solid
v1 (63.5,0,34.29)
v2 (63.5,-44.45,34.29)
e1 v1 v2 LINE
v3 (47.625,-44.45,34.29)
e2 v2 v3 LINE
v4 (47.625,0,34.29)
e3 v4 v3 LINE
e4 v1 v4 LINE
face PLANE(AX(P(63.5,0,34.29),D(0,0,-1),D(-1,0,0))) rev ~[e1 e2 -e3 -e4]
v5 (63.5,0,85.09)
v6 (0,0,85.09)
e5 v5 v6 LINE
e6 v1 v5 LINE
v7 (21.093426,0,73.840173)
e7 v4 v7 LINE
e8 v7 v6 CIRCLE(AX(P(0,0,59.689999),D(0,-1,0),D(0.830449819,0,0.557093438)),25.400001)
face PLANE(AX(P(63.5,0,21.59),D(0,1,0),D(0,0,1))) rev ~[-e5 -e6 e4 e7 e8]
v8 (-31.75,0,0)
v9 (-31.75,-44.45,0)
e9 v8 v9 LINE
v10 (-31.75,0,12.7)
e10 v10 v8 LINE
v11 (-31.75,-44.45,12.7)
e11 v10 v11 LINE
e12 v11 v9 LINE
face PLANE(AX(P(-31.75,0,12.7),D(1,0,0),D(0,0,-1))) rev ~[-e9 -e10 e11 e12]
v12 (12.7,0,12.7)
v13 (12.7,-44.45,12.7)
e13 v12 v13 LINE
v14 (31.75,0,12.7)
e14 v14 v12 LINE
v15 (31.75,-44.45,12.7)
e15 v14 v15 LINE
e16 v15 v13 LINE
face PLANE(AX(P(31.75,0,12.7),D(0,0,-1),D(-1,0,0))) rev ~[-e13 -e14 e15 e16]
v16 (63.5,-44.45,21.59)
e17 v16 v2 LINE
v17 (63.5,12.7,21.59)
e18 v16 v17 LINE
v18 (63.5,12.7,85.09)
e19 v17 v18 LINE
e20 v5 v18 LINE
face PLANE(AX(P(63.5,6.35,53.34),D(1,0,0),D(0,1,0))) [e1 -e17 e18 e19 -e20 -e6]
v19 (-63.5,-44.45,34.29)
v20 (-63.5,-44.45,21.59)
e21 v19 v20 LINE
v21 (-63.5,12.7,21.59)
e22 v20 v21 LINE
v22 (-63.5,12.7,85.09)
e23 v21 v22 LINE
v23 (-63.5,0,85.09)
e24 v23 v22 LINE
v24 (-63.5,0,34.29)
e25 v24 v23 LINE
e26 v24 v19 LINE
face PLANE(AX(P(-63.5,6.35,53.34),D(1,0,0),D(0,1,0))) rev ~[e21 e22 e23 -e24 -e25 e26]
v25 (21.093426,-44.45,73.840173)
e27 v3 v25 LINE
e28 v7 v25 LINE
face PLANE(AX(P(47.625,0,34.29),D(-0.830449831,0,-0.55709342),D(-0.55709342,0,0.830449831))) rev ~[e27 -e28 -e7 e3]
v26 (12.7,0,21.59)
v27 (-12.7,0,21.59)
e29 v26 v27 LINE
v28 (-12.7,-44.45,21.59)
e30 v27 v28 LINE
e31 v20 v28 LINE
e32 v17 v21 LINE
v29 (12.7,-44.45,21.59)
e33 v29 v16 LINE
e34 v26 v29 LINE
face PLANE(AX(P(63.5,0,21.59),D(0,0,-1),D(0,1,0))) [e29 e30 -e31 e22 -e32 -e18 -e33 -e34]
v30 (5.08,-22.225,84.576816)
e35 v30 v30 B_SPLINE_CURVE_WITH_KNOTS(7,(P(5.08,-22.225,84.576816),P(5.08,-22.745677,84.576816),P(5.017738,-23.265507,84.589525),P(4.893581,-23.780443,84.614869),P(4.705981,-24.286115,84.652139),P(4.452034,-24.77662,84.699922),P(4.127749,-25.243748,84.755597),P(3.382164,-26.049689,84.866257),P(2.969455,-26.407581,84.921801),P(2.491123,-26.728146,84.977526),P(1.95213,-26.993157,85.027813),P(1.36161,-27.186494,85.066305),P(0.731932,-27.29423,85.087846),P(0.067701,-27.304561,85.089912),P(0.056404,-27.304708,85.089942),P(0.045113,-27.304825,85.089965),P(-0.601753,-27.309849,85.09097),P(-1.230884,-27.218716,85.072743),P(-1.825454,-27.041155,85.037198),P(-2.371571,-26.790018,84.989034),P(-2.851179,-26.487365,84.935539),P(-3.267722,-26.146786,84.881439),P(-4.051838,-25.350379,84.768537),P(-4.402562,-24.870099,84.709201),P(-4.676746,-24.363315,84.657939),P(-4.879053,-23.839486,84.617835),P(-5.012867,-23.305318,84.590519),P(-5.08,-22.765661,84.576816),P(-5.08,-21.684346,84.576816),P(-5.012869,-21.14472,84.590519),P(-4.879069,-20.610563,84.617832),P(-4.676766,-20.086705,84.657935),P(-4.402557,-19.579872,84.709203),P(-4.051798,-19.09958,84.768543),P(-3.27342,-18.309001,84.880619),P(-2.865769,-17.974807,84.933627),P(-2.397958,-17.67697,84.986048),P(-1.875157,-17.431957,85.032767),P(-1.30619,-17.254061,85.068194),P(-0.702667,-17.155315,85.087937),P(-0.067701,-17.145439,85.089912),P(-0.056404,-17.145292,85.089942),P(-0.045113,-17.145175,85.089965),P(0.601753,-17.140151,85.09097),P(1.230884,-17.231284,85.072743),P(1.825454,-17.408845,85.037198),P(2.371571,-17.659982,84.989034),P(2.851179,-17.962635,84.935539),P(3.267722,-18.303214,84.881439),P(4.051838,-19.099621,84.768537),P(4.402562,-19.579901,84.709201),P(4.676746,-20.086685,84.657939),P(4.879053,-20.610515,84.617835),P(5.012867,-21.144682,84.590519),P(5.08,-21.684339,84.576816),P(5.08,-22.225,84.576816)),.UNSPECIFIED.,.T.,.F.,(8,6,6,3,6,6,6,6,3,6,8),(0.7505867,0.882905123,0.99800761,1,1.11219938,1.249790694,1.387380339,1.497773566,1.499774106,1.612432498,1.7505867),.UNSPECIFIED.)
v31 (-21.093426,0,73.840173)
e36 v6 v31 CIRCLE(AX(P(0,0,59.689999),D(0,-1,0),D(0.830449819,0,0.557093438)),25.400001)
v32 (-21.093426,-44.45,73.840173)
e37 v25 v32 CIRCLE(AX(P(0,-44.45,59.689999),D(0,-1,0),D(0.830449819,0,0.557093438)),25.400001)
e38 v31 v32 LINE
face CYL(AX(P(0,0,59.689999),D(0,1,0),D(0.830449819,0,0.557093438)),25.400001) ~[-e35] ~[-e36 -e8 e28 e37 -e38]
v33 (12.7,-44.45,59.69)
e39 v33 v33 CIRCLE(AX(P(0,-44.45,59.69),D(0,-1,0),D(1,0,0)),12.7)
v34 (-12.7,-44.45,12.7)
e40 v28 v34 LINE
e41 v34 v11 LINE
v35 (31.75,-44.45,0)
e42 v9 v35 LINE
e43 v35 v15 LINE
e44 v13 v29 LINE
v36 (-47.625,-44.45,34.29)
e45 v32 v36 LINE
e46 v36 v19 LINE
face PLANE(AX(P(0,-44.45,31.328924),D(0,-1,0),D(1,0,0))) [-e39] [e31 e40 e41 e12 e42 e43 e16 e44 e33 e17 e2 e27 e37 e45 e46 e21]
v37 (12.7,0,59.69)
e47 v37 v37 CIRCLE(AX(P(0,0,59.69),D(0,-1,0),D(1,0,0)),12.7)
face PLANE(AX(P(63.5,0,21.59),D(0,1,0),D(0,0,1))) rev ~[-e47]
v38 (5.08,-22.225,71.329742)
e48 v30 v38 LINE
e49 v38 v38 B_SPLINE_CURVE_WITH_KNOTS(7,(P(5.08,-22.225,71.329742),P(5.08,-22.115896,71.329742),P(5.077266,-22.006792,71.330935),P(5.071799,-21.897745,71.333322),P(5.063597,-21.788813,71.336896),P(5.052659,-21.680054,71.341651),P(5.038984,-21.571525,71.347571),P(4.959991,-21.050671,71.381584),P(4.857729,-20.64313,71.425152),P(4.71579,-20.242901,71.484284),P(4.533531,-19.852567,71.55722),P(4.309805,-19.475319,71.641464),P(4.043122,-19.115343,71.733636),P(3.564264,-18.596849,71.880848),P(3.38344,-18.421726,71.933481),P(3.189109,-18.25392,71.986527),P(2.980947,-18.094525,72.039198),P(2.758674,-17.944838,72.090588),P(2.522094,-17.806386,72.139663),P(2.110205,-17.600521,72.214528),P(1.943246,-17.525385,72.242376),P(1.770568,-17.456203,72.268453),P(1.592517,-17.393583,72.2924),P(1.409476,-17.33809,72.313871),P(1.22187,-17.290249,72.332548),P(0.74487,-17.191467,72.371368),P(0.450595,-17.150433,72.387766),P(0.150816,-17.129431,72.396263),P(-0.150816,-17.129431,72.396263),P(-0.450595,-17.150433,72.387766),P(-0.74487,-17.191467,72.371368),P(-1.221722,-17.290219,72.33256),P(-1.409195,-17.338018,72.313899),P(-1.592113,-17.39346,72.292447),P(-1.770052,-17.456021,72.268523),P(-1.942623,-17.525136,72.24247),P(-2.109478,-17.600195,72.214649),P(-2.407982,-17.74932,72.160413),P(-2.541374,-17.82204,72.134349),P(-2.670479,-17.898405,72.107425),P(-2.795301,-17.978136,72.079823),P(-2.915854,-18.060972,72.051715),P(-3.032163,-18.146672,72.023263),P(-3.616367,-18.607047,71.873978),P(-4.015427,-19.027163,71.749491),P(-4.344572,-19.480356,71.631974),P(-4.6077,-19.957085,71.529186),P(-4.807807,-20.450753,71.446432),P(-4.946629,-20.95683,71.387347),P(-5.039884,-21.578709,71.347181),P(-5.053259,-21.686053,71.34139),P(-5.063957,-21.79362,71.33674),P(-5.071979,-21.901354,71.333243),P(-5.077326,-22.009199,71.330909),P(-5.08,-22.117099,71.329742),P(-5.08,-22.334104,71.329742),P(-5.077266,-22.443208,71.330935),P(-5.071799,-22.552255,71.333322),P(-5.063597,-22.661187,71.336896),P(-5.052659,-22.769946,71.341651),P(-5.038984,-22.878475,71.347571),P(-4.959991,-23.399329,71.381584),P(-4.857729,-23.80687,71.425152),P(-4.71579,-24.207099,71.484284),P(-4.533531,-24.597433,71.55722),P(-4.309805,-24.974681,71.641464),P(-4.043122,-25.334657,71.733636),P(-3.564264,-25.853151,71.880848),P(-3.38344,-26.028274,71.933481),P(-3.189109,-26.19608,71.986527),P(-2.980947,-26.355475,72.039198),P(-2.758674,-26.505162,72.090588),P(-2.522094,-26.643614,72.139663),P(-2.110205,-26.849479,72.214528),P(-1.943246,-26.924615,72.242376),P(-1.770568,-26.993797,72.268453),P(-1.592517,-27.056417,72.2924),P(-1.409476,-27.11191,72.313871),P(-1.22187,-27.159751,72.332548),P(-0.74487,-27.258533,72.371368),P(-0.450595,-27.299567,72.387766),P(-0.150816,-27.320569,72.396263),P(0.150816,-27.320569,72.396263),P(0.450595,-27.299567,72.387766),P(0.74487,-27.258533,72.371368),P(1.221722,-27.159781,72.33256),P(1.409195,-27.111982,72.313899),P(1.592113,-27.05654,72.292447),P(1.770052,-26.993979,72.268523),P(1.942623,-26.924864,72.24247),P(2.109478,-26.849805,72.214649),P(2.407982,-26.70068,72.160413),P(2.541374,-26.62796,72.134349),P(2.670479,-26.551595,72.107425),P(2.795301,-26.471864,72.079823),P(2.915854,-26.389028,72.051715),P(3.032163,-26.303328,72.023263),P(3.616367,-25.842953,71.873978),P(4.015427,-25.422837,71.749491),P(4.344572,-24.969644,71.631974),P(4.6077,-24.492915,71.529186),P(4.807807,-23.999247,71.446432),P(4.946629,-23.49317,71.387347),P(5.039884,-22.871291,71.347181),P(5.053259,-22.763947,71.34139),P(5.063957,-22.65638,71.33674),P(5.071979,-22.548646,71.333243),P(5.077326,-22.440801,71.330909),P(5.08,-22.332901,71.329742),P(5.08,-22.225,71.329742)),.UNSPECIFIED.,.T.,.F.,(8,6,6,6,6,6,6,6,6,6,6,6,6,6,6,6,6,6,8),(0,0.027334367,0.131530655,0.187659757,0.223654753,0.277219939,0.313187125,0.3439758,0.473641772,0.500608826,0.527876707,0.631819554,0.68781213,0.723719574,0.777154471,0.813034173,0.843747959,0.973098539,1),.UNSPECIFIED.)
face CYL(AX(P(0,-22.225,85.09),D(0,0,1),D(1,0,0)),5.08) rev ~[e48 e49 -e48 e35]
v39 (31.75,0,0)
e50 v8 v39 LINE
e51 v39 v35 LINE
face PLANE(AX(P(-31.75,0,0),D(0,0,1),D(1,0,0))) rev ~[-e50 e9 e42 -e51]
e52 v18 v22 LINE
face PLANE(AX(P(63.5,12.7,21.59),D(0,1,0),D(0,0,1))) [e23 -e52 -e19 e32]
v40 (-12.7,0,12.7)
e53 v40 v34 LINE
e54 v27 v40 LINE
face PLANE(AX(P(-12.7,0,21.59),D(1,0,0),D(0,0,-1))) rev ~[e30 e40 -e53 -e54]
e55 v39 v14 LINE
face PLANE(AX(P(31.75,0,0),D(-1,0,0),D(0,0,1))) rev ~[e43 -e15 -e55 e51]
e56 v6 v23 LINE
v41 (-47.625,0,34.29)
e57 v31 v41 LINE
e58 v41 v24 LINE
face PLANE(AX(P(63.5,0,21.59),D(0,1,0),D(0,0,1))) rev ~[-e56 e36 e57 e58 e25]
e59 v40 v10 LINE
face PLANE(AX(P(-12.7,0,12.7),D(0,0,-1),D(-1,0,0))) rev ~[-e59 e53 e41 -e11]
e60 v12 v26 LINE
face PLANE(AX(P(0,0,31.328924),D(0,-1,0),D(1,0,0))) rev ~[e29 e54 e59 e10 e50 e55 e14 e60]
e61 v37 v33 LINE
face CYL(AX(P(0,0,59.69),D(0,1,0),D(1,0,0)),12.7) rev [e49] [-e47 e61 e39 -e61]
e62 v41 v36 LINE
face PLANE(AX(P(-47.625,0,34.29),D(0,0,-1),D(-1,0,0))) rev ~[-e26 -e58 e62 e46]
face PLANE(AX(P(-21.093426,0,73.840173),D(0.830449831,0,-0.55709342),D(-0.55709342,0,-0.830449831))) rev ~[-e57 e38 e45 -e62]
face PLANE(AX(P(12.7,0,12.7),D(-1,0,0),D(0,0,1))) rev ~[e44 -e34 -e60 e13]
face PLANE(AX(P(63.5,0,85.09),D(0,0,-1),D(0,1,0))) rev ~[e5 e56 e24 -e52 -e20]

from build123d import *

# Parameters (mm, degrees)
F0_R     = 12.7
F1_DEPTH = 44.45
F2_W     = 12.7
F2_H     = 63.5
F3_DEPTH = 127
F5_R     = 5.08
F6_DEPTH = 25.4


with BuildPart() as f1:
    # F0 (on Front) → F1 (new body)
    with BuildSketch(Plane.XZ):
        with BuildLine():
            Line((-31.75, 0), (0, 0))
            Line((0, 0), (31.75, 0))
            Line((31.75, 0), (31.75, 12.7))
            Line((31.75, 12.7), (12.7, 12.7))
            Line((12.7, 12.7), (12.7, 21.59))
            Line((12.7, 21.59), (63.5, 21.59))
            Line((63.5, 21.59), (63.5, 34.29))
            Line((63.5, 34.29), (47.625, 34.29))
            Line((47.625, 34.29), (21.093426, 73.840173))
            ThreePointArc((21.093426, 73.840173), (0, 85.09), (-21.093426, 73.840173))
            Line((-21.093426, 73.840173), (-47.625, 34.29))
            Line((-47.625, 34.29), (-63.5, 34.29))
            Line((-63.5, 34.29), (-63.5, 21.59))
            Line((-63.5, 21.59), (-12.7, 21.59))
            Line((-12.7, 21.59), (-12.7, 12.7))
            Line((-12.7, 12.7), (-31.75, 12.7))
            Line((-31.75, 12.7), (-31.75, 0))
        make_face()
        with Locations((0, 59.69)):
            Circle(F0_R, mode=Mode.SUBTRACT)
    extrude(amount=F1_DEPTH)

    # F2 (on face) → F3 (join)
    with BuildSketch(Plane.YZ.offset(63.5)):
        with Locations((6.35, 53.34)):
            Rectangle(F2_W, F2_H)
    extrude(amount=-F3_DEPTH)

    # F5 (on offset) → F6 (cut)
    with BuildSketch(Plane.XY.offset(85.09)):
        with Locations((0, -22.225)):
            Circle(F5_R)
    extrude(amount=-F6_DEPTH, mode=Mode.SUBTRACT)


solid = f1.part
